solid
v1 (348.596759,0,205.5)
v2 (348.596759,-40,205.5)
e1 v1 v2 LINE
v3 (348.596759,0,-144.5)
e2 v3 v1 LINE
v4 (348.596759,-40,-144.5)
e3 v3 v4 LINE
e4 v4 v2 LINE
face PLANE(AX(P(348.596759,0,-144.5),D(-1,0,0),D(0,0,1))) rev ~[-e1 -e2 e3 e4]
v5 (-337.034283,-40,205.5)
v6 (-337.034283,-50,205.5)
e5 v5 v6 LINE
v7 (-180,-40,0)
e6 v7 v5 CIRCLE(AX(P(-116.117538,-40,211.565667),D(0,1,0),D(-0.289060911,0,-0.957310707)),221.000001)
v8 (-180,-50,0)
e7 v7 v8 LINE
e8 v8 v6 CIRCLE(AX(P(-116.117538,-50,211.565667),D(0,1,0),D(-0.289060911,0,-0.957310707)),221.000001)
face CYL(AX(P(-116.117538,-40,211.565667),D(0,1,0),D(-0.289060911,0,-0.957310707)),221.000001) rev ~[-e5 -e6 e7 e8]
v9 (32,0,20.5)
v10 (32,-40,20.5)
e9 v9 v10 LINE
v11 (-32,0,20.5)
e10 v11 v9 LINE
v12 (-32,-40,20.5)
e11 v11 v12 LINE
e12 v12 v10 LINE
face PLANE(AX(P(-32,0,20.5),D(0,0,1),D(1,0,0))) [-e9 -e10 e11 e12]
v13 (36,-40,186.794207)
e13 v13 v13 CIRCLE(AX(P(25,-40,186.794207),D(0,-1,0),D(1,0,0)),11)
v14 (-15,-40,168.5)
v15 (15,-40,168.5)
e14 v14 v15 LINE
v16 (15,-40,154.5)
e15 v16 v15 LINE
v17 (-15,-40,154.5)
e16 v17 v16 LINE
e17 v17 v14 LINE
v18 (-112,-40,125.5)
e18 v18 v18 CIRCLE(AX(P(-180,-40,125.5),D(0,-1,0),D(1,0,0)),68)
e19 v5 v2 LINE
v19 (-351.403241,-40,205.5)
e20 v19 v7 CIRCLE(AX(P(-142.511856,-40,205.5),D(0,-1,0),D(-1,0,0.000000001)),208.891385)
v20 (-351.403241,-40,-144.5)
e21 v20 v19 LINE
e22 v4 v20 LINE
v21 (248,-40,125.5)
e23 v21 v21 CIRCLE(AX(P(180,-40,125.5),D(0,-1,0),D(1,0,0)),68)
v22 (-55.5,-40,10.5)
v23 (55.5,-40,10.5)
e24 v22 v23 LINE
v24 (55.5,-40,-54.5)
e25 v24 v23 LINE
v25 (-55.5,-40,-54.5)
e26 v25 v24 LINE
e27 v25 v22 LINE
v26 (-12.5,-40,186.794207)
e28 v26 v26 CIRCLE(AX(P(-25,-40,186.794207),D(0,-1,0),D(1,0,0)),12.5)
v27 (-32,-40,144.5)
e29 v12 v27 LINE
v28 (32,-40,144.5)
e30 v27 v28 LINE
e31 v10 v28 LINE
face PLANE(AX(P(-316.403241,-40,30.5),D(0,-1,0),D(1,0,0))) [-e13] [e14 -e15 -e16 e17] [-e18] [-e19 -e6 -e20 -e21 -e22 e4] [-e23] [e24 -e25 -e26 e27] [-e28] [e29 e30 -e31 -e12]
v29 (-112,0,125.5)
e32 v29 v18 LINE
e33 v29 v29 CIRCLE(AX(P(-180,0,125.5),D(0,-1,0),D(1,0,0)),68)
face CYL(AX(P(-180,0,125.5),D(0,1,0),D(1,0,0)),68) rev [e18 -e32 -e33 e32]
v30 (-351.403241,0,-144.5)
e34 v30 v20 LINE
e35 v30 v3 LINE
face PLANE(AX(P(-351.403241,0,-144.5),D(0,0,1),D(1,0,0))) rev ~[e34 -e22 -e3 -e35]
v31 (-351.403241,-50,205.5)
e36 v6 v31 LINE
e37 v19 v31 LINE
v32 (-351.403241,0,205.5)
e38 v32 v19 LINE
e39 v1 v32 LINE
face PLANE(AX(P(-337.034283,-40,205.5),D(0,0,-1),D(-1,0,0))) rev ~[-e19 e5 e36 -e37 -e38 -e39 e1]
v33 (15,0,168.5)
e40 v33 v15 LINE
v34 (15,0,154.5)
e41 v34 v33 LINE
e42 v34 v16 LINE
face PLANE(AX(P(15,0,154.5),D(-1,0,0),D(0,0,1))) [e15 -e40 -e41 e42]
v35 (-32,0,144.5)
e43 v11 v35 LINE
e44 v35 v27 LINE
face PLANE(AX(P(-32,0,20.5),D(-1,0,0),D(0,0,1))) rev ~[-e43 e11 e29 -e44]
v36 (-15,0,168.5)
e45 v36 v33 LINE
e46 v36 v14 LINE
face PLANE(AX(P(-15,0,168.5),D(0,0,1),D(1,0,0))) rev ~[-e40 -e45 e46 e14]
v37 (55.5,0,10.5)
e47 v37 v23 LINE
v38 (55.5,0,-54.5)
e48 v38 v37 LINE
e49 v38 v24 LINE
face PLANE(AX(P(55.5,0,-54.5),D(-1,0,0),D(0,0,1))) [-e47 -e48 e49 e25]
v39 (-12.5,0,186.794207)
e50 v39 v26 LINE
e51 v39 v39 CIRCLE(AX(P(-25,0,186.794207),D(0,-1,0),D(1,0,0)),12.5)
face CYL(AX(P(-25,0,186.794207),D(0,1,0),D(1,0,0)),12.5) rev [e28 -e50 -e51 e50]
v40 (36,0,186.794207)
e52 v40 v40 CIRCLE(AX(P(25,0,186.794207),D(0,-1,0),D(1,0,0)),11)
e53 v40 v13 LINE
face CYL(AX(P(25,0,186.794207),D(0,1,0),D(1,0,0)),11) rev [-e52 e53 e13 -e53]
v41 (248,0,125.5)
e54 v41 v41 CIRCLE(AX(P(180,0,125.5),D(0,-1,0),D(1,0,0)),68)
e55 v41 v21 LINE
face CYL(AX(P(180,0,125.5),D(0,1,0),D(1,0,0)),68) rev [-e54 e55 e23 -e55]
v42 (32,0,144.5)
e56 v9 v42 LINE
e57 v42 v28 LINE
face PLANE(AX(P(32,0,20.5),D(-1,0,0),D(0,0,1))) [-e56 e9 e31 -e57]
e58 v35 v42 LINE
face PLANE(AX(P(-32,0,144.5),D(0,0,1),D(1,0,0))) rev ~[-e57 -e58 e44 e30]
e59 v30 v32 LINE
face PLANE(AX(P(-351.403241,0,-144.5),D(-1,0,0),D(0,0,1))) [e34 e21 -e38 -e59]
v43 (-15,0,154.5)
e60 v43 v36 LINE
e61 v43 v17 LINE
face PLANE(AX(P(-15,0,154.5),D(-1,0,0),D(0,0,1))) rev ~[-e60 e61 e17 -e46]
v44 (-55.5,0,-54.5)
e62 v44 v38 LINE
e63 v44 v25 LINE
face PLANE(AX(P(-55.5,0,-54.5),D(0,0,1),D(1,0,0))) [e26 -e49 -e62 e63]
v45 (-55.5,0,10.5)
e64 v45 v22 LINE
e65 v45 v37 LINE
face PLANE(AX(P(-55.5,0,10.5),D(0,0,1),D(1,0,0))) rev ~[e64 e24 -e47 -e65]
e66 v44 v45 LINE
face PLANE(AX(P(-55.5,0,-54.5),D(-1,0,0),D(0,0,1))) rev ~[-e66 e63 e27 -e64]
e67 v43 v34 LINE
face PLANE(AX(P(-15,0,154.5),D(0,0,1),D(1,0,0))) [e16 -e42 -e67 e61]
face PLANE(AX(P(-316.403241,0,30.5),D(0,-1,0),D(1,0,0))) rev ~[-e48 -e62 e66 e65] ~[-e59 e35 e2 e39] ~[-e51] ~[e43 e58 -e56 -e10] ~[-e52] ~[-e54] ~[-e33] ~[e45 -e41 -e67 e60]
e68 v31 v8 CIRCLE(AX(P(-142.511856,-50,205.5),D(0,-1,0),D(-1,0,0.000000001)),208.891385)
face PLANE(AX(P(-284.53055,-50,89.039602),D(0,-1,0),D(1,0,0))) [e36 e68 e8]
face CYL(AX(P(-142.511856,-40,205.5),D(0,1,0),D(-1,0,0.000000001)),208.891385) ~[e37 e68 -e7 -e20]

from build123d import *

# Parameters (mm, degrees)
F1_W     = 560
F1_H     = 350
F1_W_2   = 111
F1_H_2   = 65
F1_R     = 68
F1_R_2   = 12.5
F1_W_3   = 64
F1_H_3   = 124
F1_W_4   = 30
F1_H_4   = 14
F1_R_3   = 11
F2_DEPTH = 40
F1_W_5   = 70
F3_DEPTH = 40
F4_DEPTH = 270
F6_DEPTH = 10


with BuildPart() as f2:
    # F1 (on Front) → F2 (new body)
    with BuildSketch(Plane.XZ):
        with Locations((-1.403241, 30.5)):
            Rectangle(F1_W, F1_H)
        with Locations((0, -22)):
            Rectangle(F1_W_2, F1_H_2, mode=Mode.SUBTRACT)
        with Locations((-180, 125.5)):
            Circle(F1_R, mode=Mode.SUBTRACT)
        with Locations((-25, 186.794207)):
            Circle(F1_R_2, mode=Mode.SUBTRACT)
        with Locations((0, 82.5)):
            Rectangle(F1_W_3, F1_H_3, mode=Mode.SUBTRACT)
        with Locations((0, 161.5)):
            Rectangle(F1_W_4, F1_H_4, mode=Mode.SUBTRACT)
        with Locations((25, 186.794207)):
            Circle(F1_R_3, mode=Mode.SUBTRACT)
        with Locations((180, 125.5)):
            Circle(F1_R, mode=Mode.SUBTRACT)
    extrude(amount=F2_DEPTH)

    # F1 (on Front) → F3 (join)
    with BuildSketch(Plane.XZ):
        with Locations((-316.403241, 30.5)):
            Rectangle(F1_W_5, F1_H)
        with Locations((313.596759, 30.5)):
            Rectangle(F1_W_5, F1_H)
    extrude(amount=F3_DEPTH)

    # F1 (on Front) → F4 (cut)
    with BuildSketch(Plane.XZ):
        with Locations((-180, 125.5)):
            Circle(F1_R)
        with Locations((180, 125.5)):
            Circle(F1_R)
        with Locations((-25, 186.794207)):
            Circle(F1_R_2)
        with Locations((25, 186.794207)):
            Circle(F1_R_3)
        with Locations((0, 161.5)):
            Rectangle(F1_W_4, F1_H_4)
        with Locations((0, 82.5)):
            Rectangle(F1_W_3, F1_H_3)
        with Locations((0, -22)):
            Rectangle(F1_W_2, F1_H_2)
    extrude(amount=-F4_DEPTH, mode=Mode.SUBTRACT)

    # F5 (on face) → F6 (join)
    with BuildSketch(Plane.XZ.offset(40)):
        with BuildLine():
            Line((-337.034283, 205.5), (-351.403241, 205.5))
            ThreePointArc((-351.403241, 205.5), (-302.927817, 71.70041), (-180, 0))
            ThreePointArc((-180, 0), (-291.71711, 77.380009), (-337.034283, 205.5))
        make_face()
    extrude(amount=F6_DEPTH)


solid = f2.part
